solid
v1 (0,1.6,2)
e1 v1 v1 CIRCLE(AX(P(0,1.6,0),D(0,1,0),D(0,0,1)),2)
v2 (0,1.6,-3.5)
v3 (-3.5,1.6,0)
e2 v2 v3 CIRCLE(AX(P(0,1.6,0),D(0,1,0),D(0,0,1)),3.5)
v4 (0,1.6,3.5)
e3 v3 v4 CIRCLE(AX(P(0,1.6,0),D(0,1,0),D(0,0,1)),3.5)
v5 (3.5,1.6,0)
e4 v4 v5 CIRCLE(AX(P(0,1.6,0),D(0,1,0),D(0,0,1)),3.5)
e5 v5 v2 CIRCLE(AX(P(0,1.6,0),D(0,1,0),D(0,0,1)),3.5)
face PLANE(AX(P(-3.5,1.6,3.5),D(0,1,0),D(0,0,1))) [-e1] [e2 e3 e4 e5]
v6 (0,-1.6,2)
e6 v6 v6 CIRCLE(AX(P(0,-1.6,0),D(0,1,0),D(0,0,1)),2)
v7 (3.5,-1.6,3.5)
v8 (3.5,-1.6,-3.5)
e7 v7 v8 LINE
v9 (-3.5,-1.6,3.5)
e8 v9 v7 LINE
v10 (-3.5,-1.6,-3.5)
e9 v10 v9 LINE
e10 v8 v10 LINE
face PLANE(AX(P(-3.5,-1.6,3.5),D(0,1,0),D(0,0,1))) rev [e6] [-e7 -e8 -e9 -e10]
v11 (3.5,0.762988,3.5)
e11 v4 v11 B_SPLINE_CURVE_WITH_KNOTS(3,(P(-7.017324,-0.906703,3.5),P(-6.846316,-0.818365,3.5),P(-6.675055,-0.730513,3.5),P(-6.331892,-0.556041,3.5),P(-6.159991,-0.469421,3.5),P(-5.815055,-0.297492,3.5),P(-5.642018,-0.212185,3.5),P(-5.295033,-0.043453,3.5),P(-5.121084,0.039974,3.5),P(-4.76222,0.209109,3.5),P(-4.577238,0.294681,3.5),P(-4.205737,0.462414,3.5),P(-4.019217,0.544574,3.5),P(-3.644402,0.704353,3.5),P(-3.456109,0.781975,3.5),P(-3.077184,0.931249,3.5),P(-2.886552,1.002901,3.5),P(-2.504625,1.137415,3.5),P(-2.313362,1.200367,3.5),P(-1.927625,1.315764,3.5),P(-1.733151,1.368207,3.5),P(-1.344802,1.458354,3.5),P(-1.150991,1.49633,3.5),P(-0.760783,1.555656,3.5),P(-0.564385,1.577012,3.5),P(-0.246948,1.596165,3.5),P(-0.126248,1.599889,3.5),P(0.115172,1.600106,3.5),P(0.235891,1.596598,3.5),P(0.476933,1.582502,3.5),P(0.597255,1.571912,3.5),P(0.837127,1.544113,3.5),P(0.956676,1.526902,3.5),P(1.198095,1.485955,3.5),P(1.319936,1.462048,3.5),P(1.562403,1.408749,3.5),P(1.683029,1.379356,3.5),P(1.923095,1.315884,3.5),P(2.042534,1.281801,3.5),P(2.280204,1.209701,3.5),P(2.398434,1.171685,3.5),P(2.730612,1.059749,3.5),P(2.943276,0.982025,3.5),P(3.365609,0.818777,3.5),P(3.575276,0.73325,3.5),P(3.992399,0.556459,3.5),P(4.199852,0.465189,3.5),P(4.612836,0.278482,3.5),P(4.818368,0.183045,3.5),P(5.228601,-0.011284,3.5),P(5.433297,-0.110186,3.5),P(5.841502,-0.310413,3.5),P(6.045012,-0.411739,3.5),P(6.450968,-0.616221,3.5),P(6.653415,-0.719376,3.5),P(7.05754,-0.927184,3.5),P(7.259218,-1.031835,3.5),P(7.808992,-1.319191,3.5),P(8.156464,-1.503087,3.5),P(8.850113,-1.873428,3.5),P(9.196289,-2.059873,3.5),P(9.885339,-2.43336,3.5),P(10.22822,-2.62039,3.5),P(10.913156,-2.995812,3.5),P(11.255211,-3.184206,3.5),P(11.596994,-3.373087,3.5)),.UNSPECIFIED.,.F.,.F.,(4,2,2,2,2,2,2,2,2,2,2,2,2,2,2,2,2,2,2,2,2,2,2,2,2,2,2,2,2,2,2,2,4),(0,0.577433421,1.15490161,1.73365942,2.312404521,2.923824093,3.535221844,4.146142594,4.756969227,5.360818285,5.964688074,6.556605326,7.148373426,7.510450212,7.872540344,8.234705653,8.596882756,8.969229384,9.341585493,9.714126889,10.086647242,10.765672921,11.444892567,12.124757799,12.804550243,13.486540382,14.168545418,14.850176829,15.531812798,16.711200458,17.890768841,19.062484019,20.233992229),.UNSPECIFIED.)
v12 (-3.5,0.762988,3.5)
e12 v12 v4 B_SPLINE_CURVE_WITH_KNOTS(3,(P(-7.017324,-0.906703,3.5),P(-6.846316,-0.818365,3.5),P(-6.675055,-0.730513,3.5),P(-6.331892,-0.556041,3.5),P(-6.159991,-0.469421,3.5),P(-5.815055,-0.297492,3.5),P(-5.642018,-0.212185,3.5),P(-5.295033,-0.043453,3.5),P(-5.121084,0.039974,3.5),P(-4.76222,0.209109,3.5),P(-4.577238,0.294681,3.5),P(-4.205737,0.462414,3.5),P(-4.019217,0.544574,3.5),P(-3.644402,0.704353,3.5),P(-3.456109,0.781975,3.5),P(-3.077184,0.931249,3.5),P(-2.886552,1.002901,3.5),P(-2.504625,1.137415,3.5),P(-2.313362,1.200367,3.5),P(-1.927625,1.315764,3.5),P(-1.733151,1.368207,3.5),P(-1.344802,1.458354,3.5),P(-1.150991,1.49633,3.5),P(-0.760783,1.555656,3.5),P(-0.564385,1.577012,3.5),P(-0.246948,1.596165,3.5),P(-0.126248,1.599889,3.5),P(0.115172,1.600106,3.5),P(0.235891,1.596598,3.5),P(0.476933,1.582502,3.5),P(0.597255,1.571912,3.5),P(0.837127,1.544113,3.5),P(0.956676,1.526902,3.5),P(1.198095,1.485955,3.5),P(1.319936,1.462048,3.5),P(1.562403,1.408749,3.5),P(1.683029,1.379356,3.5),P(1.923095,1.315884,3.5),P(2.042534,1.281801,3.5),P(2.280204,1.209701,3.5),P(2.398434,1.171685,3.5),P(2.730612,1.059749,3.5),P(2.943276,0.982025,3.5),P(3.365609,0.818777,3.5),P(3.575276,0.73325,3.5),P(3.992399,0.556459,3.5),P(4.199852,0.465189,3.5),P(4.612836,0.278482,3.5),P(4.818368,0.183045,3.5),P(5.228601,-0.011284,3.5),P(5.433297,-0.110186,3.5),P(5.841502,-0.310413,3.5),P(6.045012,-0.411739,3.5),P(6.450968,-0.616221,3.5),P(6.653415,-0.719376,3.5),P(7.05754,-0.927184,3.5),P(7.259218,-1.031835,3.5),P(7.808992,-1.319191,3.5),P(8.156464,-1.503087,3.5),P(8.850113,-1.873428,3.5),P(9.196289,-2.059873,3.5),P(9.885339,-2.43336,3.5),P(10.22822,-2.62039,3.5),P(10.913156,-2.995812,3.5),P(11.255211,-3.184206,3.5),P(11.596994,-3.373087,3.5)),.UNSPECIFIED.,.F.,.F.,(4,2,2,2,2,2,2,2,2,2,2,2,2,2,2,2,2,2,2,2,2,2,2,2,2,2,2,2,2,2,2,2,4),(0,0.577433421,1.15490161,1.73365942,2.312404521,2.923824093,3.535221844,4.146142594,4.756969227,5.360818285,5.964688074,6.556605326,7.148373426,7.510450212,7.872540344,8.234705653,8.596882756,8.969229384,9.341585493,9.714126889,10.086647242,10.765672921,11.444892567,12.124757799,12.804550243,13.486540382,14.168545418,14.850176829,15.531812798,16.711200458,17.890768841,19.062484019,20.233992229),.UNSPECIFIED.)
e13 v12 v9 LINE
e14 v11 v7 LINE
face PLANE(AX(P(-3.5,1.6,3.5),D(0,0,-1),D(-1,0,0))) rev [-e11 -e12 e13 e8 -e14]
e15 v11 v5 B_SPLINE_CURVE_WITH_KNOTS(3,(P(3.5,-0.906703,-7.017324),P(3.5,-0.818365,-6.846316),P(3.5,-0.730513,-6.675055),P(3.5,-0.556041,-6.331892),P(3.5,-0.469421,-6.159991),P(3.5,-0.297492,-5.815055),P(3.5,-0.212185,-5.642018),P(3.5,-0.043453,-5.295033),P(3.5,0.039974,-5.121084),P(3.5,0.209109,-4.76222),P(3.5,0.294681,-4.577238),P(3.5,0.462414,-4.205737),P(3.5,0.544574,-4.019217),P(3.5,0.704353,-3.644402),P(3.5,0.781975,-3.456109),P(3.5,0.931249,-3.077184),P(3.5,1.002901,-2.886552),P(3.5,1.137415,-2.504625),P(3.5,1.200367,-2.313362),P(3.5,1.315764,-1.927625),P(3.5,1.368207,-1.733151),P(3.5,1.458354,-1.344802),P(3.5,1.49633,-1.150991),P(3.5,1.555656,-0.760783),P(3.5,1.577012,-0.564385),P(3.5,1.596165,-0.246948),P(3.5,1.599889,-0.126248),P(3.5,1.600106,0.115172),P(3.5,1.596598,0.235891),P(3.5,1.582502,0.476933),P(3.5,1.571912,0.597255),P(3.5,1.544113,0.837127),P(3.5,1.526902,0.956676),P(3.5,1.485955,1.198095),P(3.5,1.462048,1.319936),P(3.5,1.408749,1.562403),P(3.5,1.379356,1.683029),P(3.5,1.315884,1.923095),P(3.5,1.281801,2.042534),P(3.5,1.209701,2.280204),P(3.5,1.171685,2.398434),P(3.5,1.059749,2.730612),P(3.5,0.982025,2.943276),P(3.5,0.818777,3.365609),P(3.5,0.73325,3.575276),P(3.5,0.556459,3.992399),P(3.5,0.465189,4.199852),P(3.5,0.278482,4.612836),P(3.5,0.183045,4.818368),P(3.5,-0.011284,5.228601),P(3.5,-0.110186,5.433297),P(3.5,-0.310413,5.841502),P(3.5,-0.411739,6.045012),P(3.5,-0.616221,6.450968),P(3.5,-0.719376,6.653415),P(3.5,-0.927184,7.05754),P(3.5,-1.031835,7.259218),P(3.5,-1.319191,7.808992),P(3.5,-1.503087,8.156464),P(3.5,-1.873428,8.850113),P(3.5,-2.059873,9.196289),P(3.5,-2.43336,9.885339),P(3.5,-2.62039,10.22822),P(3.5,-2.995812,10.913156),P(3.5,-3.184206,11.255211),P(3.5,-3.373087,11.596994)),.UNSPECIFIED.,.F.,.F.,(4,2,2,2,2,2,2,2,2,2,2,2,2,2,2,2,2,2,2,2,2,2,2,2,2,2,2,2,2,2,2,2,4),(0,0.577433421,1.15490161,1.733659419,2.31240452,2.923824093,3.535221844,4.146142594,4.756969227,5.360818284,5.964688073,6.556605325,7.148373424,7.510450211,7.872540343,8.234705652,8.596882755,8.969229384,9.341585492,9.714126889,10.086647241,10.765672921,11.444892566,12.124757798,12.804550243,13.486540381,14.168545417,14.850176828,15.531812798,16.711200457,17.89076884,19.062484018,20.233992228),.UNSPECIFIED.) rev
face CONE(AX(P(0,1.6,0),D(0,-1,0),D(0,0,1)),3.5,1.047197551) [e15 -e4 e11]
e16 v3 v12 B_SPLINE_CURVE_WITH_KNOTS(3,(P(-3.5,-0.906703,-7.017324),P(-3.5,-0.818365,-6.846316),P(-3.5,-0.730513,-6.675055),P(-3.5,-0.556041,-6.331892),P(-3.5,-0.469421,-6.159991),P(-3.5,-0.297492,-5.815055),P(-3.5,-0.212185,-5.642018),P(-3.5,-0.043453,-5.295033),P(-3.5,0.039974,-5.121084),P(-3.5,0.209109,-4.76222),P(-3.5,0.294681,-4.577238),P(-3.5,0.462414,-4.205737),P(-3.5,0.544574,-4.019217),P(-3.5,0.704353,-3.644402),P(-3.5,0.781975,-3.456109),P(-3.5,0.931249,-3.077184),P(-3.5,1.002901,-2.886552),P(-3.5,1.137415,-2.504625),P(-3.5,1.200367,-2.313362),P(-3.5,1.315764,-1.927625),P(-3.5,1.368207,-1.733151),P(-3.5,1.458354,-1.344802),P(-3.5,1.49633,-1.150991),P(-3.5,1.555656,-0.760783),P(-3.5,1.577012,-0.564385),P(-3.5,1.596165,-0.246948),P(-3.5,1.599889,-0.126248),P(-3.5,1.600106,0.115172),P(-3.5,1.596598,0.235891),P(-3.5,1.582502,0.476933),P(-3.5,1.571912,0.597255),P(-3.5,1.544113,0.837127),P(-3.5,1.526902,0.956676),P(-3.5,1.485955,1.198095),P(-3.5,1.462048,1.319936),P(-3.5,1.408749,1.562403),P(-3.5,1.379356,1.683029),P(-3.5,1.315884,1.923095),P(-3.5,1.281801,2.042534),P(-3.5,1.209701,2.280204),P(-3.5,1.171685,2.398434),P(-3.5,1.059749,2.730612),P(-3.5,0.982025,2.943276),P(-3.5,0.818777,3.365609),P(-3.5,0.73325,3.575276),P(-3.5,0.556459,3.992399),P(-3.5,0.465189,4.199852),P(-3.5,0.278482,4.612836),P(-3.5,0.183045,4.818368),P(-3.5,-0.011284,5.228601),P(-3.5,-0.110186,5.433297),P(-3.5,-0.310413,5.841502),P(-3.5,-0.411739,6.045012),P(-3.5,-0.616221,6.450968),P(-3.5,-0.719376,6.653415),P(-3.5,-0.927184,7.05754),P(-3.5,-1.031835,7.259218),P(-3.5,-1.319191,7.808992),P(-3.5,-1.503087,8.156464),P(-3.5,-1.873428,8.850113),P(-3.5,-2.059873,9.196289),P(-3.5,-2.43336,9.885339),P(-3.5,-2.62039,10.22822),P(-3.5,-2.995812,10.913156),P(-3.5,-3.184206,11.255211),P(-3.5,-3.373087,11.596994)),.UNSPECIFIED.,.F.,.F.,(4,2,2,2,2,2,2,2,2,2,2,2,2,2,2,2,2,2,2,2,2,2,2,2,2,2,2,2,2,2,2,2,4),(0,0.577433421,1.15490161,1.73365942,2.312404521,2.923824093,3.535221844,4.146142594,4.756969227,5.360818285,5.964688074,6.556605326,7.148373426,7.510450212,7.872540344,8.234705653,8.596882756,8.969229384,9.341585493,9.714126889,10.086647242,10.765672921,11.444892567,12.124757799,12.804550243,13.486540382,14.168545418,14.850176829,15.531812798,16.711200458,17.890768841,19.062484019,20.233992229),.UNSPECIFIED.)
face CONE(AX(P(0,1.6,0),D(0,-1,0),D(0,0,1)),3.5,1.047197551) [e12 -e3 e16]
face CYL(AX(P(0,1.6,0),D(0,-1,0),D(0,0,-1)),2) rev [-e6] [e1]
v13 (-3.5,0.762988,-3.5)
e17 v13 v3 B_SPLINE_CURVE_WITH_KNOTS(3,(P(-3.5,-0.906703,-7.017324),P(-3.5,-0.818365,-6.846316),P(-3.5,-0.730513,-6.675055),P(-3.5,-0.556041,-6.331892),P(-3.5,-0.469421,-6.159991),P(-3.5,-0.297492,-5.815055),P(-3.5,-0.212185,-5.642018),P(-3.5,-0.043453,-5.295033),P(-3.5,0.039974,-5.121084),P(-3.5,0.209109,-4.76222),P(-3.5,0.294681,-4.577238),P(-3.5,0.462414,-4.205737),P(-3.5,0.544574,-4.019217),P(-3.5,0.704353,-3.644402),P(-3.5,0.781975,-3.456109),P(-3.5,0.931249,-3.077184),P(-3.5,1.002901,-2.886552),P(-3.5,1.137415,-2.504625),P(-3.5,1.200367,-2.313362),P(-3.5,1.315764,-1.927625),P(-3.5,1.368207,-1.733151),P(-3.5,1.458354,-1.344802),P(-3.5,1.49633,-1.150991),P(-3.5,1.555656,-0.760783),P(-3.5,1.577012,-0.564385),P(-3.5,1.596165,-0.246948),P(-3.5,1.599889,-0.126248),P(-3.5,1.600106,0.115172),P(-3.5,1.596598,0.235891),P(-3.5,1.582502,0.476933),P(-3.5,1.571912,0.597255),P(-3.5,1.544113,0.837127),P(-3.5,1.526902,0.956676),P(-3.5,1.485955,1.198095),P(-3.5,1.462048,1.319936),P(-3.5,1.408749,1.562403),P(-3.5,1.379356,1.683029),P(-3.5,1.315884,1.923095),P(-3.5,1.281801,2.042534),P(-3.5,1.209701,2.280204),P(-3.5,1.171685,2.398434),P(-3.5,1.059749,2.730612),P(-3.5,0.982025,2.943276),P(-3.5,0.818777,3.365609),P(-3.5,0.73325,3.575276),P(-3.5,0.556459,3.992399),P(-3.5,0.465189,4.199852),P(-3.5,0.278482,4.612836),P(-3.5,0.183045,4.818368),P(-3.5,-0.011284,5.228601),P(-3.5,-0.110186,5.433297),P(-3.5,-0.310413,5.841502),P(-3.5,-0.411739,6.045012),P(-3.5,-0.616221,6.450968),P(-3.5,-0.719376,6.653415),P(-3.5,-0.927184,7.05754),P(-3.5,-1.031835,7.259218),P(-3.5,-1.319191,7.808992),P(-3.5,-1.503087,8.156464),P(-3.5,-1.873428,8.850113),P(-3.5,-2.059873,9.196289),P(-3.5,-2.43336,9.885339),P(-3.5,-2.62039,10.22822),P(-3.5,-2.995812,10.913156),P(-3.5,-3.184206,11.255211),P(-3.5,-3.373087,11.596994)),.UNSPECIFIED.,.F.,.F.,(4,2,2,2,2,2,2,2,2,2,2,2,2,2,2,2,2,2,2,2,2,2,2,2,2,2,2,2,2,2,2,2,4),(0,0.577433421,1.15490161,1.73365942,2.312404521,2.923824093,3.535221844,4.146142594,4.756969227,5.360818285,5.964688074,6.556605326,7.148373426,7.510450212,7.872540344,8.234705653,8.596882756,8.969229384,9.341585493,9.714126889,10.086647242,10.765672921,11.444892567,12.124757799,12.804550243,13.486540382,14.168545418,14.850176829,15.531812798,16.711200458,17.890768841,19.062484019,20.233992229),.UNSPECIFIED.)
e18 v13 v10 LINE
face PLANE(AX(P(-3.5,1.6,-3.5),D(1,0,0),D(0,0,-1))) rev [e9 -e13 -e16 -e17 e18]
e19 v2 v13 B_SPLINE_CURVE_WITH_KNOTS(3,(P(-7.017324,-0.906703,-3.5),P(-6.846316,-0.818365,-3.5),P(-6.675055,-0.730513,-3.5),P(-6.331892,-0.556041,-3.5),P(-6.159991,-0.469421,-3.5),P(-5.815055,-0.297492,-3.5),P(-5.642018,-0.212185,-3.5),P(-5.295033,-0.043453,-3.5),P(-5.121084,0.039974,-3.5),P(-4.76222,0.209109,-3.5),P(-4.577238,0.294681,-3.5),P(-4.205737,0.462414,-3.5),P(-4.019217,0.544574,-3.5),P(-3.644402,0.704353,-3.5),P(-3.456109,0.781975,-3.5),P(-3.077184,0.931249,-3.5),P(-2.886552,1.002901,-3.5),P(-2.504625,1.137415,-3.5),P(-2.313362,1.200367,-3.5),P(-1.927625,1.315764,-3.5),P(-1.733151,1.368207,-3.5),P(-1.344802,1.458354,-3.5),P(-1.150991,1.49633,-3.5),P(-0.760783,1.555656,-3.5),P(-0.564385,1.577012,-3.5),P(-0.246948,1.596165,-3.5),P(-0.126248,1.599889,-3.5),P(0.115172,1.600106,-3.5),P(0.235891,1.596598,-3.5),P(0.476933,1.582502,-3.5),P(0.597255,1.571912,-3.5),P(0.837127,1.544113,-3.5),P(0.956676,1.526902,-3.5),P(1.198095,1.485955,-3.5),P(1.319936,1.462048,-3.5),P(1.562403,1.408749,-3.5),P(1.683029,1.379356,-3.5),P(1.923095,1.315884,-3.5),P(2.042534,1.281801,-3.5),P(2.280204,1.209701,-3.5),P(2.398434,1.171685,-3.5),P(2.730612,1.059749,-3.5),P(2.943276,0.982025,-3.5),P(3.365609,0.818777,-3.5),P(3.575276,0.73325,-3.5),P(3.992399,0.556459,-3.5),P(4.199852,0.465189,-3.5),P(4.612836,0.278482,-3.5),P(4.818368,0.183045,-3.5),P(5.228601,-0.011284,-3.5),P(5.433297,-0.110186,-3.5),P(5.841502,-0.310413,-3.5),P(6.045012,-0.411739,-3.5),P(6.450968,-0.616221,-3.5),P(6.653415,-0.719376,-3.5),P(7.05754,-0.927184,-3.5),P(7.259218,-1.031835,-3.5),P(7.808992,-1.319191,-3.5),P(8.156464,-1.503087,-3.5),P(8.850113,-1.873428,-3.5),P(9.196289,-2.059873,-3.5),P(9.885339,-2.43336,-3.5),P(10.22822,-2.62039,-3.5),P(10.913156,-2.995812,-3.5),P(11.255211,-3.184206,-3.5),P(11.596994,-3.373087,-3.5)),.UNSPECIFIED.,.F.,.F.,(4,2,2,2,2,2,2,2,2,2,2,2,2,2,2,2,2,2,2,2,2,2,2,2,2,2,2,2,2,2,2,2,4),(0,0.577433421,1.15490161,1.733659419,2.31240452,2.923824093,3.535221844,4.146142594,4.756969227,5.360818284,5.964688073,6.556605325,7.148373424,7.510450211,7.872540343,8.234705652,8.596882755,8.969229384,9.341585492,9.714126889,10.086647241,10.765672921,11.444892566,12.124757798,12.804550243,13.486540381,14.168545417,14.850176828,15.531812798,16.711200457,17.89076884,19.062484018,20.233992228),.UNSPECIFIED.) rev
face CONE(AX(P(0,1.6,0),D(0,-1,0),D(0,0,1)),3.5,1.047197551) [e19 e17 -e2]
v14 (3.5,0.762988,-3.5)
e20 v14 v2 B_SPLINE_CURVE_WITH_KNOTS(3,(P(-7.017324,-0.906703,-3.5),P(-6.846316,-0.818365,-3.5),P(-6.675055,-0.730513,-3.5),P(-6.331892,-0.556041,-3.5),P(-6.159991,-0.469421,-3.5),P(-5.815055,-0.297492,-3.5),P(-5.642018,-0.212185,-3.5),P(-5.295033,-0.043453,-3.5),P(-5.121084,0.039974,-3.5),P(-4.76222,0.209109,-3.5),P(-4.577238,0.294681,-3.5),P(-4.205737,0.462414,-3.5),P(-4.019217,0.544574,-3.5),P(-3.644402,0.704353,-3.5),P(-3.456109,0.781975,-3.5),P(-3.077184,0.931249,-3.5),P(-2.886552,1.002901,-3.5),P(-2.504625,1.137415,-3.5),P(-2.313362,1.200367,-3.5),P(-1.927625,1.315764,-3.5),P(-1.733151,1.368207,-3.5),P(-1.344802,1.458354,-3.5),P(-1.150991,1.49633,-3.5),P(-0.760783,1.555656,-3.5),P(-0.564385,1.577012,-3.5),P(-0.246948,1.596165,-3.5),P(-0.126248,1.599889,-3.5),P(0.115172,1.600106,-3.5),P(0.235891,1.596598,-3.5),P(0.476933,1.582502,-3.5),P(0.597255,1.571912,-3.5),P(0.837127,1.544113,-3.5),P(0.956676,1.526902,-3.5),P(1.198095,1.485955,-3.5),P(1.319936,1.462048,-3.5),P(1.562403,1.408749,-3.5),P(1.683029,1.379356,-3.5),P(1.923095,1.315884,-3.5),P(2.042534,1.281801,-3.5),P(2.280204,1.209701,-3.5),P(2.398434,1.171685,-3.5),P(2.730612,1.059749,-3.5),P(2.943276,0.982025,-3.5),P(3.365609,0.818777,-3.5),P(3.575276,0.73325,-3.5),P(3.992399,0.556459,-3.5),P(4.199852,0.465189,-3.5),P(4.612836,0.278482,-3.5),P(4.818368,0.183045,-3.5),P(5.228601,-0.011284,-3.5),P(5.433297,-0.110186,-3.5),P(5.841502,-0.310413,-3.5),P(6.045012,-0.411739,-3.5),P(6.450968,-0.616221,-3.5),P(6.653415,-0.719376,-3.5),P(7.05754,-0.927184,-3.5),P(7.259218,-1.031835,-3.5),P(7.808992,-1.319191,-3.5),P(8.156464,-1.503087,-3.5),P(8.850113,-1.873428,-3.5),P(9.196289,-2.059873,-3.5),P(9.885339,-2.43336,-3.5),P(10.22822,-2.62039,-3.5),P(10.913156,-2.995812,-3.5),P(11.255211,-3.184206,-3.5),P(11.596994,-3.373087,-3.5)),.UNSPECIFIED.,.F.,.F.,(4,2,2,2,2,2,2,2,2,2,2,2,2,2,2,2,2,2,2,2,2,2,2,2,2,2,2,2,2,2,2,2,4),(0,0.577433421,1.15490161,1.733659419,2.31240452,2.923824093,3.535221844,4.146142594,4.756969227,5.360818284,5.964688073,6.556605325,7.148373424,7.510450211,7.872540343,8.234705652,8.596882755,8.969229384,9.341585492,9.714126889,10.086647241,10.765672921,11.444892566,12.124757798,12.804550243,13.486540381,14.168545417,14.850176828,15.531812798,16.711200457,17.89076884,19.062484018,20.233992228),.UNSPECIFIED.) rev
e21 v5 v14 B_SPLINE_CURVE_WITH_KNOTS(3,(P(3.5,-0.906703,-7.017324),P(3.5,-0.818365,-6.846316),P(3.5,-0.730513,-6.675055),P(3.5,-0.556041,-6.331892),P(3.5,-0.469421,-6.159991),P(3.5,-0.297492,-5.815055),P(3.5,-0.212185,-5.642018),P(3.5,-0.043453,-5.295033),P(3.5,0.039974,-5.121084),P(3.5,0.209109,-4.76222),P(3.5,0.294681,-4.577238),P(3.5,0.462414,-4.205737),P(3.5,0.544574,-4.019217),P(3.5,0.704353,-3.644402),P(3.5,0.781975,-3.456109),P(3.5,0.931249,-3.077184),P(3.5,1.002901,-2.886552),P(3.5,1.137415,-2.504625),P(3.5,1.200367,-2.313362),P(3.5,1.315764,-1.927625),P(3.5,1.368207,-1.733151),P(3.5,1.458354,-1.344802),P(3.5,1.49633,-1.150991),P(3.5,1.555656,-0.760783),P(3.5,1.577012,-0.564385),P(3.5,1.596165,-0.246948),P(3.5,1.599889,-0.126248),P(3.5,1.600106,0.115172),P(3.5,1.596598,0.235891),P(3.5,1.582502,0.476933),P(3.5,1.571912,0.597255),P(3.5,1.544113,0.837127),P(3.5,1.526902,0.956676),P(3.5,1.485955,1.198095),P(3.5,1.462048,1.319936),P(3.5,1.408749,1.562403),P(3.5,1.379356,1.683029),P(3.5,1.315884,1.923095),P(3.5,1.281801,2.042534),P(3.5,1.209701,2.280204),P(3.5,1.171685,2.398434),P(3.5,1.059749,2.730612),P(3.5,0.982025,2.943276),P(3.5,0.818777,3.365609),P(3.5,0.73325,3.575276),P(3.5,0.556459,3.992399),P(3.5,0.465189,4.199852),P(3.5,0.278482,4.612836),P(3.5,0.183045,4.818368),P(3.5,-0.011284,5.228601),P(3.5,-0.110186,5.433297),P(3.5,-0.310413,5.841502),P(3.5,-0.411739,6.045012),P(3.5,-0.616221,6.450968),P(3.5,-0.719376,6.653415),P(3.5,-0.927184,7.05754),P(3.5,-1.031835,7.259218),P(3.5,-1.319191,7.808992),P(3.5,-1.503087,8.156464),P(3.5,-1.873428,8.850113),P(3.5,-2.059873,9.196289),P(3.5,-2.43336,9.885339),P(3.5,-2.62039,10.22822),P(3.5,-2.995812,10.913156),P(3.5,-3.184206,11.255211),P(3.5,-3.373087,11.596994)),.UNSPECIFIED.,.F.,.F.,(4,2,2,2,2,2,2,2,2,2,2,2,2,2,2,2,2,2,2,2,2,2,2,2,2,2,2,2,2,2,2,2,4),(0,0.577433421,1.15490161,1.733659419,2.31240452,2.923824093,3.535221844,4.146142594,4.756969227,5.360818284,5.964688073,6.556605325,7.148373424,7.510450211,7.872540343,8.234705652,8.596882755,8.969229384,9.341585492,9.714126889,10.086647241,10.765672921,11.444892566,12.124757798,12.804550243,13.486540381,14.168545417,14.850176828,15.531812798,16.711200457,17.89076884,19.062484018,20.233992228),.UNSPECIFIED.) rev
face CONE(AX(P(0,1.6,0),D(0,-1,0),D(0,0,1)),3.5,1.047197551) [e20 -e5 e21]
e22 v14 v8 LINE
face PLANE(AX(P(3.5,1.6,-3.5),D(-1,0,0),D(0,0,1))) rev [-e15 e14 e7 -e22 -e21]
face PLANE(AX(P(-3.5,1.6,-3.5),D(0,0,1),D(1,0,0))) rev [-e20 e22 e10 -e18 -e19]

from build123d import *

# Parameters (mm, degrees)
SKETCH1_W           = 7
SKETCH1_H           = 7
SKETCH1_R           = 2
BOSS_EXTRUDE1_DEPTH = 1.6
SKETCH5_OUTSIDE_W   = 25.63
SKETCH5_OUTSIDE_H   = 25.63
SKETCH5_OUTSIDE_R   = 3.5
CUT_EXTRUDE2_DEPTH  = 4.2
CUT_EXTRUDE2_TAPER  = 60


with BuildPart() as part:
    # Sketch1 → Boss-Extrude1 (new body, symmetric)
    with BuildSketch(Plane(origin=(0, 0, 0), x_dir=(1, 0, 0), z_dir=(0, 1, 0))):
        Rectangle(SKETCH1_W, SKETCH1_H)
        Circle(SKETCH1_R, mode=Mode.SUBTRACT)
    extrude(amount=BOSS_EXTRUDE1_DEPTH, both=True)

    # Sketch5 outside → Cut-Extrude2 (cut, through all)
    with BuildSketch(Plane(origin=(0, 1.6, 0), x_dir=(1, 0, 0), z_dir=(0, 1, 0))):
        Rectangle(SKETCH5_OUTSIDE_W, SKETCH5_OUTSIDE_H)
        Circle(SKETCH5_OUTSIDE_R, mode=Mode.SUBTRACT)
    extrude(amount=-CUT_EXTRUDE2_DEPTH, taper=CUT_EXTRUDE2_TAPER, mode=Mode.SUBTRACT)


solid = part.part
